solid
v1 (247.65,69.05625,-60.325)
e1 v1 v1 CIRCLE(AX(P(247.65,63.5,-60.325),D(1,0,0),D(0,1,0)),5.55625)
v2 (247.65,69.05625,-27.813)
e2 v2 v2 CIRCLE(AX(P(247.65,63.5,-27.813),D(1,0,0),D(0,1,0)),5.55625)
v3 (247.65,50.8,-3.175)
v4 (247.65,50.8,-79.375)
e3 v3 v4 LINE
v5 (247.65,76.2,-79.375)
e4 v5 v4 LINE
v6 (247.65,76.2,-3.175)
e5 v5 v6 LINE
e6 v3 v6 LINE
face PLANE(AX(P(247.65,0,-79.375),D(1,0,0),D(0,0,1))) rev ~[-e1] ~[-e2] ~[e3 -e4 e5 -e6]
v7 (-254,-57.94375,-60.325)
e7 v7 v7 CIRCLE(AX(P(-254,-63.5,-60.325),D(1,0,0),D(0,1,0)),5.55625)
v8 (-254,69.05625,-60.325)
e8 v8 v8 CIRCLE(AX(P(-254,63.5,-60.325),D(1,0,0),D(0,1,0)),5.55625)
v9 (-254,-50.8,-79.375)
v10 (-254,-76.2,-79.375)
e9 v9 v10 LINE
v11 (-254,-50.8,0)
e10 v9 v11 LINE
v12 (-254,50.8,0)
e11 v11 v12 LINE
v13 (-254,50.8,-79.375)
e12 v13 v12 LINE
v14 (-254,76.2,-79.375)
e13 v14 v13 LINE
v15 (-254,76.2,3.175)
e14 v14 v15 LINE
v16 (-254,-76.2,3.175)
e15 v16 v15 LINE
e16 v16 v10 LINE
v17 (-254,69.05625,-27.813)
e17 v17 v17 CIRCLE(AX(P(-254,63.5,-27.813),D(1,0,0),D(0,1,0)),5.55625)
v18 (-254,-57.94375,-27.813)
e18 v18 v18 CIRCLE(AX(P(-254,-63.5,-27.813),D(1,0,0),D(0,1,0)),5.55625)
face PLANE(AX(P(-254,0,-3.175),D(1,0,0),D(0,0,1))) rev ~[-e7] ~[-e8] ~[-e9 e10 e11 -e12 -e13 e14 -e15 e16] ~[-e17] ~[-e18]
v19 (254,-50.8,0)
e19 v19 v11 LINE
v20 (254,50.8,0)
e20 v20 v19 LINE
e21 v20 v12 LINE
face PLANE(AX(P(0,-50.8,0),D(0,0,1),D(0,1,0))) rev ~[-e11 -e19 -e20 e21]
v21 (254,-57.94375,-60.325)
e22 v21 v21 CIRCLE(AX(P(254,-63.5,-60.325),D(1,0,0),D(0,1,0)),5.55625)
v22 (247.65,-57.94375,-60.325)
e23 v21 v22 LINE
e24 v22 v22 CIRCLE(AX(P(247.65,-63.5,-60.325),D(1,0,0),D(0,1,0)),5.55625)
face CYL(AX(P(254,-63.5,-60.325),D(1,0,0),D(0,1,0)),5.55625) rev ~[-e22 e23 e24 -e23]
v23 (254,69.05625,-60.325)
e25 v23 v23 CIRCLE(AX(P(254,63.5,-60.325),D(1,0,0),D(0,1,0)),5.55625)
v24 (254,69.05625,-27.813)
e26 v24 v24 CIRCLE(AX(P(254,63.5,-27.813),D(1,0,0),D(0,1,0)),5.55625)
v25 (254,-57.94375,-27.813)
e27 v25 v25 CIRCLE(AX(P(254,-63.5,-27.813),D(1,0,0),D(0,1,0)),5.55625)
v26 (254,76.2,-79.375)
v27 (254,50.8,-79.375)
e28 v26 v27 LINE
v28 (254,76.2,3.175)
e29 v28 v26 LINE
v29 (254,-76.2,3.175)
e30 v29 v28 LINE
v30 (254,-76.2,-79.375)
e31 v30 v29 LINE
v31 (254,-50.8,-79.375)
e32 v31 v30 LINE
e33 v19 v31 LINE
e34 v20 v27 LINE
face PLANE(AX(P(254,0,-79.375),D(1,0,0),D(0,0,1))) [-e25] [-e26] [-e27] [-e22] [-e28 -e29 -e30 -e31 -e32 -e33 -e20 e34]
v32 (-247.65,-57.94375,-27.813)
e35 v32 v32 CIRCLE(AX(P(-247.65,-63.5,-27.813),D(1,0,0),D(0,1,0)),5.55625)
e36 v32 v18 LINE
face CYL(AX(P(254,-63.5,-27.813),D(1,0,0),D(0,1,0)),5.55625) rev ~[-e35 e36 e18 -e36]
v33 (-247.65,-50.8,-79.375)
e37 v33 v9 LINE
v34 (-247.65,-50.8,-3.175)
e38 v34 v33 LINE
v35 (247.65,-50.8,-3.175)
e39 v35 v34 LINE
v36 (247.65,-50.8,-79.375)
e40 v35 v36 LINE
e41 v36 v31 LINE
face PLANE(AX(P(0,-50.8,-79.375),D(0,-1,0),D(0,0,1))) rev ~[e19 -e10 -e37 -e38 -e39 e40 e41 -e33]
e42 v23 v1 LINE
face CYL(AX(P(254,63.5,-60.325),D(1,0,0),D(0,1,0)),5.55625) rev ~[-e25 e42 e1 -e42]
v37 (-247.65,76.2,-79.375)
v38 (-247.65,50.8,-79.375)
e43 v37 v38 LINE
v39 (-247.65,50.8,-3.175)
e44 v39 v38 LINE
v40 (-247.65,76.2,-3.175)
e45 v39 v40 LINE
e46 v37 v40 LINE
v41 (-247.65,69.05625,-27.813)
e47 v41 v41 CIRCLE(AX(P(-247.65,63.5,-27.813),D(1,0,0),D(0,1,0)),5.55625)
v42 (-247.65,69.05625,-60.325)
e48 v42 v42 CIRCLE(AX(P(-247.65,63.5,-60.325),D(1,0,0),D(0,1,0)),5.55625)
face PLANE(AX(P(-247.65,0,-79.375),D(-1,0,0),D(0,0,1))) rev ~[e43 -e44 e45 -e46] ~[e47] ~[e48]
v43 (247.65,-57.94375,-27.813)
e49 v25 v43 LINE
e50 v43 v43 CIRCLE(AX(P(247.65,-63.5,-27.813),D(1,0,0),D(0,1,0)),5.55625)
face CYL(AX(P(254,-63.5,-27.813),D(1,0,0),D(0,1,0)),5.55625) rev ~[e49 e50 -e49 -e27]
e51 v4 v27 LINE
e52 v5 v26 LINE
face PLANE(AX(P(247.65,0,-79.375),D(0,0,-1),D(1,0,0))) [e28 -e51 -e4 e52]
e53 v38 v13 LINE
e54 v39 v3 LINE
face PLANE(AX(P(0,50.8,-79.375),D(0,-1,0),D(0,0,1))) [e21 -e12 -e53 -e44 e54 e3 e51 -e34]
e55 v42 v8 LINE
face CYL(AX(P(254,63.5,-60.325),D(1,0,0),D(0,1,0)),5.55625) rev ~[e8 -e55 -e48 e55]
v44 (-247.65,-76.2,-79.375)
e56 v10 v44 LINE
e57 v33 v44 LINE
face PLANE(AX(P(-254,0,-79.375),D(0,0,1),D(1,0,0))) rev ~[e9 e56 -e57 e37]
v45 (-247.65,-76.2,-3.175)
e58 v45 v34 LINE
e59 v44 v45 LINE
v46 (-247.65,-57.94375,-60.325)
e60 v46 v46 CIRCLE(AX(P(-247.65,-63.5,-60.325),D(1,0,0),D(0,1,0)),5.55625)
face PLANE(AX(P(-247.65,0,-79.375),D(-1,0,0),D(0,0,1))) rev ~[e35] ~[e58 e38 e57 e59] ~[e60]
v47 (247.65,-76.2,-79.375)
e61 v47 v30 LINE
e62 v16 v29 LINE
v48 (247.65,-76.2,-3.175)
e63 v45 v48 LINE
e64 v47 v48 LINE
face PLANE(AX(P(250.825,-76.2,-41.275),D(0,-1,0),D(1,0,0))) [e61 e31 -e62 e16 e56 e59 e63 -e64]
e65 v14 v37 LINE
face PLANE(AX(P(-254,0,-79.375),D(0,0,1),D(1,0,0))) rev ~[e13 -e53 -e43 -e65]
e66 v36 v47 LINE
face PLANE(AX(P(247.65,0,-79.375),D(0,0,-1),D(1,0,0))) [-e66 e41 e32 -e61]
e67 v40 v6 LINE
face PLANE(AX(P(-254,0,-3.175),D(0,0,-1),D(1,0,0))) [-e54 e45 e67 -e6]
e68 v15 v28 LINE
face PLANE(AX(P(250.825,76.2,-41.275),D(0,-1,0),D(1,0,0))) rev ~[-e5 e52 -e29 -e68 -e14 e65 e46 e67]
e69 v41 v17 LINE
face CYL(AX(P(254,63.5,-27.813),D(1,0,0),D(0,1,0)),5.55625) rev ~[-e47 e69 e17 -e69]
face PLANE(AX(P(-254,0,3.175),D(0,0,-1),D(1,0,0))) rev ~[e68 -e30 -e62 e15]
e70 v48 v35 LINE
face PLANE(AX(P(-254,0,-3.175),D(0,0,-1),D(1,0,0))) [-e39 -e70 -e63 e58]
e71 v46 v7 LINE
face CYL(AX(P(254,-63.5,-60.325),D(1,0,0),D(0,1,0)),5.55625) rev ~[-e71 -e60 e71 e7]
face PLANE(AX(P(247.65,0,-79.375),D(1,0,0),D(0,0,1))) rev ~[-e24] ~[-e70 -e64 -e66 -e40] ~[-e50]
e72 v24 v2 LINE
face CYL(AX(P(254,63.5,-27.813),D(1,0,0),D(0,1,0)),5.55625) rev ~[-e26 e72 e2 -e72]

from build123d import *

# Parameters (mm, degrees)
F0_W          = 508
F0_H          = 6.35
F1_DEPTH      = 76.2
F2_W          = 6.35
F2_H          = 76.2
F3_DEPTH      = 76.2
F4_W          = 101.6
F4_H          = 79.375
F5_DEPTH      = 254.001
F5_DEPTH_BACK = 254.001
F6_R          = 5.55625
F7_DEPTH      = 508.001


with BuildPart() as f1:
    # F0 (on Front) → F1 (new body, symmetric)
    with BuildSketch(Plane.XZ):
        Rectangle(F0_W, F0_H)
    extrude(amount=F1_DEPTH, both=True)

    # F2 (on Front) → F3 (join, symmetric)
    with BuildSketch(Plane.XZ):
        with Locations((-250.825, -41.275)):
            Rectangle(F2_W, F2_H)
        with Locations((250.825, -41.275)):
            Rectangle(F2_W, F2_H)
    extrude(amount=F3_DEPTH, both=True)

    # F4 (on Right) → F5 (cut, two sides)
    with BuildSketch(Plane.YZ) as f5_sk:
        with Locations((0, -39.6875)):
            Rectangle(F4_W, F4_H)
    extrude(amount=-F5_DEPTH, mode=Mode.SUBTRACT)
    extrude(f5_sk.sketch, amount=F5_DEPTH_BACK, mode=Mode.SUBTRACT)

    # F6 (on face) → F7 (cut, through all)
    with BuildSketch(Plane.YZ.offset(254)):
        with Locations((-63.5, -27.813)):
            Circle(F6_R)
        with Locations((-63.5, -60.325)):
            Circle(F6_R)
        with Locations((63.5, -27.813)):
            Circle(F6_R)
        with Locations((63.5, -60.325)):
            Circle(F6_R)
    extrude(amount=-F7_DEPTH, mode=Mode.SUBTRACT)


solid = f1.part
